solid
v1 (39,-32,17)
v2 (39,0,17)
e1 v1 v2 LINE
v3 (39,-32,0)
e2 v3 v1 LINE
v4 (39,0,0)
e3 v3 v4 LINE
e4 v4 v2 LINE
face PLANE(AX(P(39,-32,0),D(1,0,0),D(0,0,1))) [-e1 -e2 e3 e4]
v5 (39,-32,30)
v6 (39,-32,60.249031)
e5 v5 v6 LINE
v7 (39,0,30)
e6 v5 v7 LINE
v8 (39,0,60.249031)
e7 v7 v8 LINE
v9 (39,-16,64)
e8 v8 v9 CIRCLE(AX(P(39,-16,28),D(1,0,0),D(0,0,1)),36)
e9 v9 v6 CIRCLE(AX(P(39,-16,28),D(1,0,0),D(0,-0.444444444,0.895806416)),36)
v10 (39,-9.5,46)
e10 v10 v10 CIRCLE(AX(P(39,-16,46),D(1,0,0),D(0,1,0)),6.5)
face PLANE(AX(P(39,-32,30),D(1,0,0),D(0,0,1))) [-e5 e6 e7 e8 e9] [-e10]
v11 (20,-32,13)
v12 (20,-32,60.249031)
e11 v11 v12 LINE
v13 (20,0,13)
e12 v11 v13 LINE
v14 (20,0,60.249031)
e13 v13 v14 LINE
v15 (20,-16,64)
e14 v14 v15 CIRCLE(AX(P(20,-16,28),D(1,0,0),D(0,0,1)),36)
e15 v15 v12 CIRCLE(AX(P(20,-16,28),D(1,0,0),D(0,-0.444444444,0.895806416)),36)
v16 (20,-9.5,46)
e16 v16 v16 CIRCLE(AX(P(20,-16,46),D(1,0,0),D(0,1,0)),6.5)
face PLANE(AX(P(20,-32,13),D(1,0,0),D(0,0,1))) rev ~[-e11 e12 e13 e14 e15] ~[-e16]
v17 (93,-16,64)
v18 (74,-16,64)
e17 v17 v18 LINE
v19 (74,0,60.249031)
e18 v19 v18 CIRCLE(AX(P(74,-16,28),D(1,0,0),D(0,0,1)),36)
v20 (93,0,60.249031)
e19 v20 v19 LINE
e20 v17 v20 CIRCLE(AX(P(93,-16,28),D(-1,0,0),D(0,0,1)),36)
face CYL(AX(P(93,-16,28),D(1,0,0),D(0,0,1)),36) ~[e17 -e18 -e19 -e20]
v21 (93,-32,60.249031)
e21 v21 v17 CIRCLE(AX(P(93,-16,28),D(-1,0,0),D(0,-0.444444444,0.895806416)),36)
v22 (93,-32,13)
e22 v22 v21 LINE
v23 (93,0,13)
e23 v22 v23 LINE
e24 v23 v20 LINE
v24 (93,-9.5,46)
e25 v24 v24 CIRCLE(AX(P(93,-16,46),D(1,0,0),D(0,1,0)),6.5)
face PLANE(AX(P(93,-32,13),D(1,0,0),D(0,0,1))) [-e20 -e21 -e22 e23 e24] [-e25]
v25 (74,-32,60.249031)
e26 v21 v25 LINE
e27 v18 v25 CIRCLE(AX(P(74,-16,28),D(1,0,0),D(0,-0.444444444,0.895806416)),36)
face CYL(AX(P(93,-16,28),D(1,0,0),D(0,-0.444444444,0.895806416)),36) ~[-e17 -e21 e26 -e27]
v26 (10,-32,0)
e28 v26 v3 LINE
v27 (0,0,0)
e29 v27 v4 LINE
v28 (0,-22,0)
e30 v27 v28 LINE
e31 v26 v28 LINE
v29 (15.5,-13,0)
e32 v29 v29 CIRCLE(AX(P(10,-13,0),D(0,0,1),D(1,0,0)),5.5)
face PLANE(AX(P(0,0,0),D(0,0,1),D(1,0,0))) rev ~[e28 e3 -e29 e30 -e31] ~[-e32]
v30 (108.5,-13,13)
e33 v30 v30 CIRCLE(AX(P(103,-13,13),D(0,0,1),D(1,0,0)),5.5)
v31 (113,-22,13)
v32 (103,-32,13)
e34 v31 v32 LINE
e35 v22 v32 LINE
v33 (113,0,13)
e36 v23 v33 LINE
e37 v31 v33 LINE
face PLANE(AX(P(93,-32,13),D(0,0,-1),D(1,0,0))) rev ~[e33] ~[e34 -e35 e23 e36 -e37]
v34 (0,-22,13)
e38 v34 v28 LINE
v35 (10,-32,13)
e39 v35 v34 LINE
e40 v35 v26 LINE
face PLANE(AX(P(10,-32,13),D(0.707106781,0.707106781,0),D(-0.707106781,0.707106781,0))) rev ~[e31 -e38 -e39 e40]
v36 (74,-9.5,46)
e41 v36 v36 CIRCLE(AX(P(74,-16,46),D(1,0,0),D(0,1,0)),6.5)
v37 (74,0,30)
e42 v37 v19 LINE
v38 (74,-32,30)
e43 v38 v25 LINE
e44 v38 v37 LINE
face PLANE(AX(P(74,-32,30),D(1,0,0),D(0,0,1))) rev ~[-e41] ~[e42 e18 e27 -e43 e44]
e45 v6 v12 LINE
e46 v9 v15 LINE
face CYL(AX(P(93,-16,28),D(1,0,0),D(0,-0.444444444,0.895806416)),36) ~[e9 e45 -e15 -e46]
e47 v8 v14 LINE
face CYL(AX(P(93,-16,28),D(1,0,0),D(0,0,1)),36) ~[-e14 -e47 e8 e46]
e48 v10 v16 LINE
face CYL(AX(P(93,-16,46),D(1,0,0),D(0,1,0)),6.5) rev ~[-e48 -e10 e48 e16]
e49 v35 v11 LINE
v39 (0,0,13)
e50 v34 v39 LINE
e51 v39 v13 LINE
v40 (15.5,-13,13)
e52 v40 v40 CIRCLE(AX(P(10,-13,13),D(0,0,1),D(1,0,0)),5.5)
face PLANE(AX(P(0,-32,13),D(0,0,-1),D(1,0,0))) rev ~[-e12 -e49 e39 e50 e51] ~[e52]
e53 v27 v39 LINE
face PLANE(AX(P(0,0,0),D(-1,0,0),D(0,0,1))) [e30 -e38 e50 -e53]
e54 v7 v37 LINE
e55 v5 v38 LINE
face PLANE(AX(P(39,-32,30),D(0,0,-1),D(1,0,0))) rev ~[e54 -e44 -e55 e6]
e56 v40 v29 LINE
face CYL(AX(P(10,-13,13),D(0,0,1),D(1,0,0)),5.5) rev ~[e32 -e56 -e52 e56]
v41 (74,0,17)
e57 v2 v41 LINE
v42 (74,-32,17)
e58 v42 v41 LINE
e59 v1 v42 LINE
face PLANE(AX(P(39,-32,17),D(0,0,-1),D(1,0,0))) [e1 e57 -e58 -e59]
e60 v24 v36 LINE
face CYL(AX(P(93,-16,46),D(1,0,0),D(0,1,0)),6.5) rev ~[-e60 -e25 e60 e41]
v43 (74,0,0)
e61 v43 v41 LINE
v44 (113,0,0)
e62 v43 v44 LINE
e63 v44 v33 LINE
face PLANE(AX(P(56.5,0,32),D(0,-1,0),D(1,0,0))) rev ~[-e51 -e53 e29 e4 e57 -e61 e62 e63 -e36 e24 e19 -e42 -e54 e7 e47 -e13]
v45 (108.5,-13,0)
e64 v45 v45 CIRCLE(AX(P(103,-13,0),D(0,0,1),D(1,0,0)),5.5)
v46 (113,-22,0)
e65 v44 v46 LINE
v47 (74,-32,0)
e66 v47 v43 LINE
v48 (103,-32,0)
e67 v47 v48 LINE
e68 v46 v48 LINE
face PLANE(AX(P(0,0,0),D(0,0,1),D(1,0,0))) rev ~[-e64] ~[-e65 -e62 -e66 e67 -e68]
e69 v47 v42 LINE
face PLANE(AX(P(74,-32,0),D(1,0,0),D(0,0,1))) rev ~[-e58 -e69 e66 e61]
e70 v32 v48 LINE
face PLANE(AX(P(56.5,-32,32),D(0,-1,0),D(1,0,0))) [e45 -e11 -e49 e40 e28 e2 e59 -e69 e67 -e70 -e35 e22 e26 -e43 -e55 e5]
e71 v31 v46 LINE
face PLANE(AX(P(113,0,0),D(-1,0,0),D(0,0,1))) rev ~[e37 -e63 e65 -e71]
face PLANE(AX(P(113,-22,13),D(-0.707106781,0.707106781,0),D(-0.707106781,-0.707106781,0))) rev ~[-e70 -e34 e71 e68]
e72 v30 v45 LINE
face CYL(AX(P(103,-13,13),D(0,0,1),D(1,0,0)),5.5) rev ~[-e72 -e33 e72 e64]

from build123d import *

# Parameters (mm, degrees)
F0_W      = 113
F0_H      = 64
F1_DEPTH  = 32
F2_W      = 20
F2_H      = 51
F2_W_2    = 35
F2_H_2    = 34
F2_H_3    = 17
F3_DEPTH  = 32.001
F5_DEPTH  = 25
F7_DEPTH  = 93.001
F8_R      = 6.5
F9_DEPTH  = 93.001
F11_R     = 5.5
F10_R     = 5.5
F12_DEPTH = 13.001


with BuildPart() as f1:
    # F0 (on Front) → F1 (new body)
    with BuildSketch(Plane.XZ):
        with Locations((56.5, 32)):
            Rectangle(F0_W, F0_H)
    extrude(amount=F1_DEPTH)

    # F2 (on face) → F3 (cut, through all)
    with BuildSketch(Plane.XZ.offset(32)):
        with Locations((10, 38.5)):
            Rectangle(F2_W, F2_H)
        with Locations((56.5, 47)):
            Rectangle(F2_W_2, F2_H_2)
        with Locations((56.5, 8.5)):
            Rectangle(F2_W_2, F2_H_3)
        with Locations((103, 38.5)):
            Rectangle(F2_W, F2_H)
    extrude(amount=-F3_DEPTH, mode=Mode.SUBTRACT)

    # F4 (on face) → F5 (cut)
    with BuildSketch(Plane.XY.offset(13)):
        Polygon((103, -32), (113, -32), (113, -22), align=None)
        Polygon((0, -22), (0, -32), (10, -32), align=None)
    extrude(amount=-F5_DEPTH, mode=Mode.SUBTRACT)

    # F6 (on face) → F7 (cut, through all)
    with BuildSketch(Plane.YZ.offset(93)):
        with BuildLine():
            ThreePointArc((-32, 60.2490309932), (-24.2168997878, 63.0497155178), (-16, 64))
            Line((-16, 64), (-32, 64))
            Line((-32, 64), (-32, 60.2490309932))
        make_face()
        with BuildLine():
            ThreePointArc((-16, 64), (-7.7831002122, 63.0497155178), (0, 60.2490309932))
            Line((0, 60.2490309932), (0, 64))
            Line((0, 64), (-16, 64))
        make_face()
    extrude(amount=-F7_DEPTH, mode=Mode.SUBTRACT)

    # F8 (on face) → F9 (cut, through all)
    with BuildSketch(Plane.YZ.offset(93)):
        with Locations((-16, 46)):
            Circle(F8_R)
    extrude(amount=-F9_DEPTH, mode=Mode.SUBTRACT)

    # F11 (on face) + F10 (on face) → F12 (cut, through all)
    with BuildSketch(Plane.XY.offset(13)):
        with Locations((103, -13)):
            Circle(F11_R)
    with BuildSketch(Plane.XY.offset(13)):
        with Locations((10, -13)):
            Circle(F10_R)
    extrude(amount=-F12_DEPTH, mode=Mode.SUBTRACT)


solid = f1.part
